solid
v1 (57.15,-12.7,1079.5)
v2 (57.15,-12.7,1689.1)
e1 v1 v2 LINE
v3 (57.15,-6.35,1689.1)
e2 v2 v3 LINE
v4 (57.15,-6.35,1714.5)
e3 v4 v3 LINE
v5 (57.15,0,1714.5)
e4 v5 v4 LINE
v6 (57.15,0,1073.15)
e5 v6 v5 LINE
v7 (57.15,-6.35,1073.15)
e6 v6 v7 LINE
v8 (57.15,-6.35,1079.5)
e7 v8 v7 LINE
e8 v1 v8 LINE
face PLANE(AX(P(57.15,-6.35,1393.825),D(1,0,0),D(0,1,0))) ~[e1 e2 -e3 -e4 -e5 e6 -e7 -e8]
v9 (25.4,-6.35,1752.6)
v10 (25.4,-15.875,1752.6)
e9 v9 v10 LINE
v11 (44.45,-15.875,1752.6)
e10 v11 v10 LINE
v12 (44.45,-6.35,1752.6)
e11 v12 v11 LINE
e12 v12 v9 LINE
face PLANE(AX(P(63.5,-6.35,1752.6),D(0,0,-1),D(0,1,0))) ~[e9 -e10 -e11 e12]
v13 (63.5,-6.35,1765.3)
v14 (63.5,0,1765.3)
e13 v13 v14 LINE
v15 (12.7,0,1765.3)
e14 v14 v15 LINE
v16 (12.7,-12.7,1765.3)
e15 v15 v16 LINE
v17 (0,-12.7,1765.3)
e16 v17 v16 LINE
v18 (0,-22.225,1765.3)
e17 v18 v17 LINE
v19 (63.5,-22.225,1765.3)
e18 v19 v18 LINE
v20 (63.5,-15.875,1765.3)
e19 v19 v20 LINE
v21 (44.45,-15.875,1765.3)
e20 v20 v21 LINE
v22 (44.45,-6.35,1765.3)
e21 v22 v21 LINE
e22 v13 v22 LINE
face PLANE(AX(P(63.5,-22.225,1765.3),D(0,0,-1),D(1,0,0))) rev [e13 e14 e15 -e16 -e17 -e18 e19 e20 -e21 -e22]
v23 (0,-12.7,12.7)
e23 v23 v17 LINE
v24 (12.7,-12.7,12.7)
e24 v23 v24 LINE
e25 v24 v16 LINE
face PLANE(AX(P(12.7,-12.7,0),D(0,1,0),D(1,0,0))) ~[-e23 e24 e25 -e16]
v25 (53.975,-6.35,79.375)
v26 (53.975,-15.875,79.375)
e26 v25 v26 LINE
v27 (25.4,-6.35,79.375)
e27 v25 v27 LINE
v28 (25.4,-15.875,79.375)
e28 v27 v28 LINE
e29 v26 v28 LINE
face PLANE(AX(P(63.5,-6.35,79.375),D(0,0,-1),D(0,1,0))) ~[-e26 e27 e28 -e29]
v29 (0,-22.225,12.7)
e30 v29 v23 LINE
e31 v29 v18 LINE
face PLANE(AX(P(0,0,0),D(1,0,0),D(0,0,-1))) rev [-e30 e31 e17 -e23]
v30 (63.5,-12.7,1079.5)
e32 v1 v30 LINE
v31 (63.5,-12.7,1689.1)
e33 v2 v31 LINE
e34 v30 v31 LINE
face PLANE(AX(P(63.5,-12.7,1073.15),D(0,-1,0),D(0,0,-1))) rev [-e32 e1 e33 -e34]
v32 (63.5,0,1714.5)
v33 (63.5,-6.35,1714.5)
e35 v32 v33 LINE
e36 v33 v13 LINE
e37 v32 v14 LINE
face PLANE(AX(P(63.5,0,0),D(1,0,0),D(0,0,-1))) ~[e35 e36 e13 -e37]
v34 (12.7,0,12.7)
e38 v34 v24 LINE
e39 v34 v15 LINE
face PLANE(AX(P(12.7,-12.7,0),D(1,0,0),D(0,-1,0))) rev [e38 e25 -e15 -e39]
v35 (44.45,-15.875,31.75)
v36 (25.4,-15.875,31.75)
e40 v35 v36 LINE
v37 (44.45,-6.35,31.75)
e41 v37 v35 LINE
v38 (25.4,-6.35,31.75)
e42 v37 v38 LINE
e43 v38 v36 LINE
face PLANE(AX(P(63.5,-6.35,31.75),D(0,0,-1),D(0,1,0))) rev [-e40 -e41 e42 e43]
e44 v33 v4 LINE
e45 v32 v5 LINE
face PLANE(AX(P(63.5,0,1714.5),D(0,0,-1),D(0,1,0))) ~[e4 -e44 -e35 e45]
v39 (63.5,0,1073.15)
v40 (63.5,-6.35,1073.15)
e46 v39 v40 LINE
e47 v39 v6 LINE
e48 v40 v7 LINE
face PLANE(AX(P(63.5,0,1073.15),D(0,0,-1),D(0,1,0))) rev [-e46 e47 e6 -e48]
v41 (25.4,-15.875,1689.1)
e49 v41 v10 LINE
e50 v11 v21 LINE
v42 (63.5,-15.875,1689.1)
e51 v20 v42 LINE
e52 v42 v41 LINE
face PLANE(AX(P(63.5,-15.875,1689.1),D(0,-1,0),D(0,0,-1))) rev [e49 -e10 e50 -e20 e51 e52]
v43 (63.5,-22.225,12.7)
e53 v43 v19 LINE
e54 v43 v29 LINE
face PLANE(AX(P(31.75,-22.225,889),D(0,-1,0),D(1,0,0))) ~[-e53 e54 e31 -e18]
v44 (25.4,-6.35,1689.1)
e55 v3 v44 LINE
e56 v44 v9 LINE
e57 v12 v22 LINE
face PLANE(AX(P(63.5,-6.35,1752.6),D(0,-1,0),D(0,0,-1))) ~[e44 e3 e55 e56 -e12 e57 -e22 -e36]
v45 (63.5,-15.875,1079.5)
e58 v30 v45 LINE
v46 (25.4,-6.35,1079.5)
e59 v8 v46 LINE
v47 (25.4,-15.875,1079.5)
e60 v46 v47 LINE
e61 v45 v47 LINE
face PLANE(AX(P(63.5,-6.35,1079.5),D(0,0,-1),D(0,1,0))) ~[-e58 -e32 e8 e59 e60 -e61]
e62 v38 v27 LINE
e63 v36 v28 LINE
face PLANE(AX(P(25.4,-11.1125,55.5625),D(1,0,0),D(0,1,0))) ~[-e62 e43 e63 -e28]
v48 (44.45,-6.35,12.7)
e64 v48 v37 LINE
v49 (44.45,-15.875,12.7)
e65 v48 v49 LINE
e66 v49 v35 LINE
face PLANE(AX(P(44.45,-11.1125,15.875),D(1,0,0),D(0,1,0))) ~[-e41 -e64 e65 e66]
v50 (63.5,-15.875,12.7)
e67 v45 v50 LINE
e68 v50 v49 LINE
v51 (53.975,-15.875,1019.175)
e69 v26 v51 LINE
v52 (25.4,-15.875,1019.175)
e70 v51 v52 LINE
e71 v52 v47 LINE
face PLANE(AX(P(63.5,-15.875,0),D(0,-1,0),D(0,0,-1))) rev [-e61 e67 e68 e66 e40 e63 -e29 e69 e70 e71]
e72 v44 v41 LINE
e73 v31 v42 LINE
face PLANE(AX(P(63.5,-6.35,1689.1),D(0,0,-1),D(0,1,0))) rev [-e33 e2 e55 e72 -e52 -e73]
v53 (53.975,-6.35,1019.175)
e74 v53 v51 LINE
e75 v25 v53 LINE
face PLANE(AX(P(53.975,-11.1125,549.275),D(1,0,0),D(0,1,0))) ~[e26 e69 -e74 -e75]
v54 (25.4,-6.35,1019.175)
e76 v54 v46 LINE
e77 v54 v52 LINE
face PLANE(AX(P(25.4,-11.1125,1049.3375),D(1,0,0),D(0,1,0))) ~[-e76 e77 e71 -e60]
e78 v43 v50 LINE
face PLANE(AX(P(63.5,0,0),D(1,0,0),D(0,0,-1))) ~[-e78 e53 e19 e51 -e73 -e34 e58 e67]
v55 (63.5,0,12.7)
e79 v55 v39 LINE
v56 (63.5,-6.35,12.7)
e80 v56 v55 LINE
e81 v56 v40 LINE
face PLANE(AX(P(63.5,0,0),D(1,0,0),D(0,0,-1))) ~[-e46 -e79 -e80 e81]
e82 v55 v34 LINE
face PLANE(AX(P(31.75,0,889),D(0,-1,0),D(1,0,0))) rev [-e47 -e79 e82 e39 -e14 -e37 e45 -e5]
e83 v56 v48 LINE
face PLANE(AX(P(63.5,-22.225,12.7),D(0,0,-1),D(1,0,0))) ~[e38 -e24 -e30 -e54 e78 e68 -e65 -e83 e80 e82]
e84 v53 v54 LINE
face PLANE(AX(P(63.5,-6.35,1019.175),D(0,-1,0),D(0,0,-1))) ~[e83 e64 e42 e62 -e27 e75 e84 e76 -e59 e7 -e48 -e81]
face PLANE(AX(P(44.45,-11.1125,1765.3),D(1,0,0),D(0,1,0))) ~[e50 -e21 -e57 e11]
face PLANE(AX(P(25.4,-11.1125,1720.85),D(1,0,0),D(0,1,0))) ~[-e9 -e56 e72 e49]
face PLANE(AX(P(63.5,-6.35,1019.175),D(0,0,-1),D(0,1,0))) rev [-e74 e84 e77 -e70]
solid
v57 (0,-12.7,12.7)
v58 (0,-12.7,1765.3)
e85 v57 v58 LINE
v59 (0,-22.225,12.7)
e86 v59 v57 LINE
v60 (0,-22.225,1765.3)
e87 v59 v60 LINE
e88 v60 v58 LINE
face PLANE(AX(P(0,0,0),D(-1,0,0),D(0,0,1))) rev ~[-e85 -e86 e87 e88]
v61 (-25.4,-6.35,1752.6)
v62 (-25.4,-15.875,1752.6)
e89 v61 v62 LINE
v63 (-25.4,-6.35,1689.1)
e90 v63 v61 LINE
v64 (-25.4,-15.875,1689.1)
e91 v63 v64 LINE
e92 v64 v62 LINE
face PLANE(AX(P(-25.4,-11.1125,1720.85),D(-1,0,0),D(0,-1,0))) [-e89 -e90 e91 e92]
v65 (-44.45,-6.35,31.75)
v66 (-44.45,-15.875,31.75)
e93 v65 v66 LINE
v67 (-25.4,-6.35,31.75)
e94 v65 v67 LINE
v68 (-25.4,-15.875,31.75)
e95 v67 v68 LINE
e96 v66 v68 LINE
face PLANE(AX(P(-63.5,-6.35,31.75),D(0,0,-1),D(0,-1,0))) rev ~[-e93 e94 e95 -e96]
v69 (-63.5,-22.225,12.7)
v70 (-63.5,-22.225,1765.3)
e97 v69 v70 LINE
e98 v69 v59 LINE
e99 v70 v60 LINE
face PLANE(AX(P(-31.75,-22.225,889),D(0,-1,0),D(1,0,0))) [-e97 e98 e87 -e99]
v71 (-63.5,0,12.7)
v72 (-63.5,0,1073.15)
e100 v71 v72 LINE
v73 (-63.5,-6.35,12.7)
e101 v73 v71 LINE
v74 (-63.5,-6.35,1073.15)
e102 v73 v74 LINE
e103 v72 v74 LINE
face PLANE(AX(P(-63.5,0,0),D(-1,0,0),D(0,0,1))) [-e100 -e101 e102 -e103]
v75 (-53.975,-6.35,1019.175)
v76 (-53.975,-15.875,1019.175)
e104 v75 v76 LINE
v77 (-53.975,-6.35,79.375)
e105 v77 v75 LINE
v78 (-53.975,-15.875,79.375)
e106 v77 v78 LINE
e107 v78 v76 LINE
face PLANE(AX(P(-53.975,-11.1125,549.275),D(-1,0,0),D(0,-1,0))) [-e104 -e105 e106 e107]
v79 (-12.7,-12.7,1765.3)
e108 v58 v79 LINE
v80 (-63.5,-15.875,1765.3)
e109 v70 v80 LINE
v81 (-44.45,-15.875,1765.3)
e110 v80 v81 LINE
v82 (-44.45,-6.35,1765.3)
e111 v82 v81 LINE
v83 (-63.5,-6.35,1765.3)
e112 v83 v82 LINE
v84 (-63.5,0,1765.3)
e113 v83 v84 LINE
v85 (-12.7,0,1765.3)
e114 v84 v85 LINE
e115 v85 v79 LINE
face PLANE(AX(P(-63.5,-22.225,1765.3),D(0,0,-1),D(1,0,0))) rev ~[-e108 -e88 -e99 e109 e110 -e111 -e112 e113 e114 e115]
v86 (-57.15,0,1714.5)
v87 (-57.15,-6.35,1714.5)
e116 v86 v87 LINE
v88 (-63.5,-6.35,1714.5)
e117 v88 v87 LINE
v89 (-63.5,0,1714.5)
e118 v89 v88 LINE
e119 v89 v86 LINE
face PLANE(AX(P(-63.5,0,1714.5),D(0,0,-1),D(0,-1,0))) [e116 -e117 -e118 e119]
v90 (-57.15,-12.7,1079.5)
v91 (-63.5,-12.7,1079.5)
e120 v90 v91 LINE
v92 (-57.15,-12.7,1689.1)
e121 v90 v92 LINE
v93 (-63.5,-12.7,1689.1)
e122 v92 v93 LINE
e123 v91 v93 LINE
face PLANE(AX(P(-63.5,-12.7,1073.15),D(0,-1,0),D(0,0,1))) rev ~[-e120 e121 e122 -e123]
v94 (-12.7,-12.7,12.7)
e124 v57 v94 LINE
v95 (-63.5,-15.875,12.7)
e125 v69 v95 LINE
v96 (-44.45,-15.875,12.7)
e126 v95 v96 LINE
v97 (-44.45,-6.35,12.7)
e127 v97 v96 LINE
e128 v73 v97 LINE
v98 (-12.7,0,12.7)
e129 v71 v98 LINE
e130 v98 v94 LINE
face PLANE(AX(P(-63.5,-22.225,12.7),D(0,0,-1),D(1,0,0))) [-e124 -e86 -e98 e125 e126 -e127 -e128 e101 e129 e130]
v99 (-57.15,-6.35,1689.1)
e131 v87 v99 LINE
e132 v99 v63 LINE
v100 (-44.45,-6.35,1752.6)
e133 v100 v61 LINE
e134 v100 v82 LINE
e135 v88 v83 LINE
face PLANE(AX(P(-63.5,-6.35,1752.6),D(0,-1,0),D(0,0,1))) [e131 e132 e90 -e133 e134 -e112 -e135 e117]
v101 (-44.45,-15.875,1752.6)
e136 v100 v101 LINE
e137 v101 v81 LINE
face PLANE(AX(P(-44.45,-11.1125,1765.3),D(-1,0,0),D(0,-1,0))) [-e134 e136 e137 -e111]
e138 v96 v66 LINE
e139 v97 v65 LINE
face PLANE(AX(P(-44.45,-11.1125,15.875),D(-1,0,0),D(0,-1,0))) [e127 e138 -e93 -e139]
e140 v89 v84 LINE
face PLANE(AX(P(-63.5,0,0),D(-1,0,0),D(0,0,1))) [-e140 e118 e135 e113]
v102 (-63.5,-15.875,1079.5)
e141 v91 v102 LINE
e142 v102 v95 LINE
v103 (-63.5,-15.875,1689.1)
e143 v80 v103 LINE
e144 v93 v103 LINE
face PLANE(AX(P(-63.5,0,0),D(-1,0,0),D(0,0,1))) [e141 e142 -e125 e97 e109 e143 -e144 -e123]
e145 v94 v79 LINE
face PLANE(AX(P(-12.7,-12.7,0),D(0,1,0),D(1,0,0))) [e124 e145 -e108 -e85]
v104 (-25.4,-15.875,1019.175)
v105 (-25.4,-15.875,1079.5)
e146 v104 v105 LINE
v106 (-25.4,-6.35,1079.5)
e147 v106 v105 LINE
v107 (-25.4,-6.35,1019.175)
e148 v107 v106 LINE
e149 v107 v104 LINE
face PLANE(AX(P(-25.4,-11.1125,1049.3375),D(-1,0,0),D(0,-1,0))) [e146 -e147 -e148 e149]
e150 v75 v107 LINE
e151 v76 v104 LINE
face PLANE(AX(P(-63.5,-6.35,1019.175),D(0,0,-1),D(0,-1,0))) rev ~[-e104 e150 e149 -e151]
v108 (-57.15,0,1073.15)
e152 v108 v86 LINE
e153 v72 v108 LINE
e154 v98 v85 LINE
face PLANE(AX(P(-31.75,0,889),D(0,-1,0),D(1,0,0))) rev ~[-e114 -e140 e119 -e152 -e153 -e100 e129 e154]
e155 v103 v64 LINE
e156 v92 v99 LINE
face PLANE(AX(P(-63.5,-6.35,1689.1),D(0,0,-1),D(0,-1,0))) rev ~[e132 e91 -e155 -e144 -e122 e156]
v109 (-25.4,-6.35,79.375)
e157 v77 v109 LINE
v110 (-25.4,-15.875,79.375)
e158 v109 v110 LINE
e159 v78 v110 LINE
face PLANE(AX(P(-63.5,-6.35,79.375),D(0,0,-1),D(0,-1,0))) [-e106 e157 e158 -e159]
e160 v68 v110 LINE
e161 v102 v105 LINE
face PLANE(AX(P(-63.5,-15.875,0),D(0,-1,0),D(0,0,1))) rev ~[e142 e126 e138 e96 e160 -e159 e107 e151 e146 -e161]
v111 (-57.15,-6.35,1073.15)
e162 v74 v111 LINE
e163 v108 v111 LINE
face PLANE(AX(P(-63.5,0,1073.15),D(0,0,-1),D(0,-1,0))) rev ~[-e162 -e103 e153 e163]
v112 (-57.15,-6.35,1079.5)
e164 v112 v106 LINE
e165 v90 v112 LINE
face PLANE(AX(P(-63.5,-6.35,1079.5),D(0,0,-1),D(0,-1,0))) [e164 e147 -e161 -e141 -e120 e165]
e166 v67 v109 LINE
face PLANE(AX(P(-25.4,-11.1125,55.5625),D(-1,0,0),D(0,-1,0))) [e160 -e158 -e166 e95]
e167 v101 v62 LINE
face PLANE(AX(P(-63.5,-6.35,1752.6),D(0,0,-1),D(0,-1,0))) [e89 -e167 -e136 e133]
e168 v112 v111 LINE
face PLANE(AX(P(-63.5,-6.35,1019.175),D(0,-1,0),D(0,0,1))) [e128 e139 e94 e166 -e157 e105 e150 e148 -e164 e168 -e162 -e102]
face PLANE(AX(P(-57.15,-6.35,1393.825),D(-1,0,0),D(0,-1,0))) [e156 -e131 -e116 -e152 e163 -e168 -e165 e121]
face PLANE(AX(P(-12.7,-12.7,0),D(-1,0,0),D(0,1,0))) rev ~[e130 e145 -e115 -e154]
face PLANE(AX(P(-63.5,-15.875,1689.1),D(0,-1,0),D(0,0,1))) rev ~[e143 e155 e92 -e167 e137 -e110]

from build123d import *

# Parameters (mm, degrees)
F0_W      = 63.5
F0_H      = 1778
F1_DEPTH  = 22.225
F2_W      = 9.525
F2_H      = 63.5
F2_H_2    = 47.625
F2_H_3    = 60.325
F3_DEPTH  = 38.1
F2_H_4    = 25.4
F2_H_5    = 31.75
F4_DEPTH  = 19.05
F5_W      = 12.7
F5_H      = 12.7
F6_DEPTH  = 1778
F7_W      = 63.5
F7_H      = 12.7
F8_DEPTH  = 22.226
F9_W      = 9.525
F9_H      = 939.8
F10_DEPTH = 9.525
F11_W     = 12.7
F11_H     = 641.35
F12_DEPTH = 6.35


with BuildPart() as f1:
    # F0 (on Front) → F1 (new body)
    with BuildSketch(Plane.XZ):
        with Locations((-31.75, 889)):
            Rectangle(F0_W, F0_H)
    extrude(amount=F1_DEPTH)

    # F2 (on face) → F3 (cut)
    with BuildSketch(Plane(origin=(-63.5, 0, 0), x_dir=(0, -1, 0), z_dir=(-1, 0, 0))):
        with Locations((11.1125, 1720.85)):
            Rectangle(F2_W, F2_H)
        with Locations((11.1125, 55.5625)):
            Rectangle(F2_W, F2_H_2)
        with Locations((11.1125, 1049.3375)):
            Rectangle(F2_W, F2_H_3)
    extrude(amount=-F3_DEPTH, mode=Mode.SUBTRACT)

    # F2 (on face) → F4 (cut)
    with BuildSketch(Plane(origin=(-63.5, 0, 0), x_dir=(0, -1, 0), z_dir=(-1, 0, 0))):
        with Locations((11.1125, 1765.3)):
            Rectangle(F2_W, F2_H_4)
        with Locations((11.1125, 15.875)):
            Rectangle(F2_W, F2_H_5)
    extrude(amount=-F4_DEPTH, mode=Mode.SUBTRACT)

    # F5 (on Top) → F6 (cut, through all)
    with BuildSketch(Plane.XY):
        with Locations((-6.35, -6.35)):
            Rectangle(F5_W, F5_H)
    extrude(amount=F6_DEPTH, mode=Mode.SUBTRACT)

    # F7 (on face) → F8 (cut, through all)
    with BuildSketch(Plane.XZ.offset(22.225)):
        with Locations((-31.75, 1771.65)):
            Rectangle(F7_W, F7_H)
        with Locations((-31.75, 6.35)):
            Rectangle(F7_W, F7_H)
    extrude(amount=-F8_DEPTH, mode=Mode.SUBTRACT)

    # F9 (on face) → F10 (cut)
    with BuildSketch(Plane(origin=(-63.5, 0, 0), x_dir=(0, -1, 0), z_dir=(-1, 0, 0))):
        with Locations((11.1125, 549.275)):
            Rectangle(F9_W, F9_H)
    extrude(amount=-F10_DEPTH, mode=Mode.SUBTRACT)

    # F11 (on face) → F12 (cut)
    with BuildSketch(Plane(origin=(-63.5, 0, 0), x_dir=(0, -1, 0), z_dir=(-1, 0, 0))):
        with Locations((6.35, 1393.825)):
            Rectangle(F11_W, F11_H)
    extrude(amount=-F12_DEPTH, mode=Mode.SUBTRACT)


with BuildPart() as f13_1:
    # F13: instance of F1
    add(f1.part.mirror(Plane.YZ))


solid = Compound([f1.part, f13_1.part])
